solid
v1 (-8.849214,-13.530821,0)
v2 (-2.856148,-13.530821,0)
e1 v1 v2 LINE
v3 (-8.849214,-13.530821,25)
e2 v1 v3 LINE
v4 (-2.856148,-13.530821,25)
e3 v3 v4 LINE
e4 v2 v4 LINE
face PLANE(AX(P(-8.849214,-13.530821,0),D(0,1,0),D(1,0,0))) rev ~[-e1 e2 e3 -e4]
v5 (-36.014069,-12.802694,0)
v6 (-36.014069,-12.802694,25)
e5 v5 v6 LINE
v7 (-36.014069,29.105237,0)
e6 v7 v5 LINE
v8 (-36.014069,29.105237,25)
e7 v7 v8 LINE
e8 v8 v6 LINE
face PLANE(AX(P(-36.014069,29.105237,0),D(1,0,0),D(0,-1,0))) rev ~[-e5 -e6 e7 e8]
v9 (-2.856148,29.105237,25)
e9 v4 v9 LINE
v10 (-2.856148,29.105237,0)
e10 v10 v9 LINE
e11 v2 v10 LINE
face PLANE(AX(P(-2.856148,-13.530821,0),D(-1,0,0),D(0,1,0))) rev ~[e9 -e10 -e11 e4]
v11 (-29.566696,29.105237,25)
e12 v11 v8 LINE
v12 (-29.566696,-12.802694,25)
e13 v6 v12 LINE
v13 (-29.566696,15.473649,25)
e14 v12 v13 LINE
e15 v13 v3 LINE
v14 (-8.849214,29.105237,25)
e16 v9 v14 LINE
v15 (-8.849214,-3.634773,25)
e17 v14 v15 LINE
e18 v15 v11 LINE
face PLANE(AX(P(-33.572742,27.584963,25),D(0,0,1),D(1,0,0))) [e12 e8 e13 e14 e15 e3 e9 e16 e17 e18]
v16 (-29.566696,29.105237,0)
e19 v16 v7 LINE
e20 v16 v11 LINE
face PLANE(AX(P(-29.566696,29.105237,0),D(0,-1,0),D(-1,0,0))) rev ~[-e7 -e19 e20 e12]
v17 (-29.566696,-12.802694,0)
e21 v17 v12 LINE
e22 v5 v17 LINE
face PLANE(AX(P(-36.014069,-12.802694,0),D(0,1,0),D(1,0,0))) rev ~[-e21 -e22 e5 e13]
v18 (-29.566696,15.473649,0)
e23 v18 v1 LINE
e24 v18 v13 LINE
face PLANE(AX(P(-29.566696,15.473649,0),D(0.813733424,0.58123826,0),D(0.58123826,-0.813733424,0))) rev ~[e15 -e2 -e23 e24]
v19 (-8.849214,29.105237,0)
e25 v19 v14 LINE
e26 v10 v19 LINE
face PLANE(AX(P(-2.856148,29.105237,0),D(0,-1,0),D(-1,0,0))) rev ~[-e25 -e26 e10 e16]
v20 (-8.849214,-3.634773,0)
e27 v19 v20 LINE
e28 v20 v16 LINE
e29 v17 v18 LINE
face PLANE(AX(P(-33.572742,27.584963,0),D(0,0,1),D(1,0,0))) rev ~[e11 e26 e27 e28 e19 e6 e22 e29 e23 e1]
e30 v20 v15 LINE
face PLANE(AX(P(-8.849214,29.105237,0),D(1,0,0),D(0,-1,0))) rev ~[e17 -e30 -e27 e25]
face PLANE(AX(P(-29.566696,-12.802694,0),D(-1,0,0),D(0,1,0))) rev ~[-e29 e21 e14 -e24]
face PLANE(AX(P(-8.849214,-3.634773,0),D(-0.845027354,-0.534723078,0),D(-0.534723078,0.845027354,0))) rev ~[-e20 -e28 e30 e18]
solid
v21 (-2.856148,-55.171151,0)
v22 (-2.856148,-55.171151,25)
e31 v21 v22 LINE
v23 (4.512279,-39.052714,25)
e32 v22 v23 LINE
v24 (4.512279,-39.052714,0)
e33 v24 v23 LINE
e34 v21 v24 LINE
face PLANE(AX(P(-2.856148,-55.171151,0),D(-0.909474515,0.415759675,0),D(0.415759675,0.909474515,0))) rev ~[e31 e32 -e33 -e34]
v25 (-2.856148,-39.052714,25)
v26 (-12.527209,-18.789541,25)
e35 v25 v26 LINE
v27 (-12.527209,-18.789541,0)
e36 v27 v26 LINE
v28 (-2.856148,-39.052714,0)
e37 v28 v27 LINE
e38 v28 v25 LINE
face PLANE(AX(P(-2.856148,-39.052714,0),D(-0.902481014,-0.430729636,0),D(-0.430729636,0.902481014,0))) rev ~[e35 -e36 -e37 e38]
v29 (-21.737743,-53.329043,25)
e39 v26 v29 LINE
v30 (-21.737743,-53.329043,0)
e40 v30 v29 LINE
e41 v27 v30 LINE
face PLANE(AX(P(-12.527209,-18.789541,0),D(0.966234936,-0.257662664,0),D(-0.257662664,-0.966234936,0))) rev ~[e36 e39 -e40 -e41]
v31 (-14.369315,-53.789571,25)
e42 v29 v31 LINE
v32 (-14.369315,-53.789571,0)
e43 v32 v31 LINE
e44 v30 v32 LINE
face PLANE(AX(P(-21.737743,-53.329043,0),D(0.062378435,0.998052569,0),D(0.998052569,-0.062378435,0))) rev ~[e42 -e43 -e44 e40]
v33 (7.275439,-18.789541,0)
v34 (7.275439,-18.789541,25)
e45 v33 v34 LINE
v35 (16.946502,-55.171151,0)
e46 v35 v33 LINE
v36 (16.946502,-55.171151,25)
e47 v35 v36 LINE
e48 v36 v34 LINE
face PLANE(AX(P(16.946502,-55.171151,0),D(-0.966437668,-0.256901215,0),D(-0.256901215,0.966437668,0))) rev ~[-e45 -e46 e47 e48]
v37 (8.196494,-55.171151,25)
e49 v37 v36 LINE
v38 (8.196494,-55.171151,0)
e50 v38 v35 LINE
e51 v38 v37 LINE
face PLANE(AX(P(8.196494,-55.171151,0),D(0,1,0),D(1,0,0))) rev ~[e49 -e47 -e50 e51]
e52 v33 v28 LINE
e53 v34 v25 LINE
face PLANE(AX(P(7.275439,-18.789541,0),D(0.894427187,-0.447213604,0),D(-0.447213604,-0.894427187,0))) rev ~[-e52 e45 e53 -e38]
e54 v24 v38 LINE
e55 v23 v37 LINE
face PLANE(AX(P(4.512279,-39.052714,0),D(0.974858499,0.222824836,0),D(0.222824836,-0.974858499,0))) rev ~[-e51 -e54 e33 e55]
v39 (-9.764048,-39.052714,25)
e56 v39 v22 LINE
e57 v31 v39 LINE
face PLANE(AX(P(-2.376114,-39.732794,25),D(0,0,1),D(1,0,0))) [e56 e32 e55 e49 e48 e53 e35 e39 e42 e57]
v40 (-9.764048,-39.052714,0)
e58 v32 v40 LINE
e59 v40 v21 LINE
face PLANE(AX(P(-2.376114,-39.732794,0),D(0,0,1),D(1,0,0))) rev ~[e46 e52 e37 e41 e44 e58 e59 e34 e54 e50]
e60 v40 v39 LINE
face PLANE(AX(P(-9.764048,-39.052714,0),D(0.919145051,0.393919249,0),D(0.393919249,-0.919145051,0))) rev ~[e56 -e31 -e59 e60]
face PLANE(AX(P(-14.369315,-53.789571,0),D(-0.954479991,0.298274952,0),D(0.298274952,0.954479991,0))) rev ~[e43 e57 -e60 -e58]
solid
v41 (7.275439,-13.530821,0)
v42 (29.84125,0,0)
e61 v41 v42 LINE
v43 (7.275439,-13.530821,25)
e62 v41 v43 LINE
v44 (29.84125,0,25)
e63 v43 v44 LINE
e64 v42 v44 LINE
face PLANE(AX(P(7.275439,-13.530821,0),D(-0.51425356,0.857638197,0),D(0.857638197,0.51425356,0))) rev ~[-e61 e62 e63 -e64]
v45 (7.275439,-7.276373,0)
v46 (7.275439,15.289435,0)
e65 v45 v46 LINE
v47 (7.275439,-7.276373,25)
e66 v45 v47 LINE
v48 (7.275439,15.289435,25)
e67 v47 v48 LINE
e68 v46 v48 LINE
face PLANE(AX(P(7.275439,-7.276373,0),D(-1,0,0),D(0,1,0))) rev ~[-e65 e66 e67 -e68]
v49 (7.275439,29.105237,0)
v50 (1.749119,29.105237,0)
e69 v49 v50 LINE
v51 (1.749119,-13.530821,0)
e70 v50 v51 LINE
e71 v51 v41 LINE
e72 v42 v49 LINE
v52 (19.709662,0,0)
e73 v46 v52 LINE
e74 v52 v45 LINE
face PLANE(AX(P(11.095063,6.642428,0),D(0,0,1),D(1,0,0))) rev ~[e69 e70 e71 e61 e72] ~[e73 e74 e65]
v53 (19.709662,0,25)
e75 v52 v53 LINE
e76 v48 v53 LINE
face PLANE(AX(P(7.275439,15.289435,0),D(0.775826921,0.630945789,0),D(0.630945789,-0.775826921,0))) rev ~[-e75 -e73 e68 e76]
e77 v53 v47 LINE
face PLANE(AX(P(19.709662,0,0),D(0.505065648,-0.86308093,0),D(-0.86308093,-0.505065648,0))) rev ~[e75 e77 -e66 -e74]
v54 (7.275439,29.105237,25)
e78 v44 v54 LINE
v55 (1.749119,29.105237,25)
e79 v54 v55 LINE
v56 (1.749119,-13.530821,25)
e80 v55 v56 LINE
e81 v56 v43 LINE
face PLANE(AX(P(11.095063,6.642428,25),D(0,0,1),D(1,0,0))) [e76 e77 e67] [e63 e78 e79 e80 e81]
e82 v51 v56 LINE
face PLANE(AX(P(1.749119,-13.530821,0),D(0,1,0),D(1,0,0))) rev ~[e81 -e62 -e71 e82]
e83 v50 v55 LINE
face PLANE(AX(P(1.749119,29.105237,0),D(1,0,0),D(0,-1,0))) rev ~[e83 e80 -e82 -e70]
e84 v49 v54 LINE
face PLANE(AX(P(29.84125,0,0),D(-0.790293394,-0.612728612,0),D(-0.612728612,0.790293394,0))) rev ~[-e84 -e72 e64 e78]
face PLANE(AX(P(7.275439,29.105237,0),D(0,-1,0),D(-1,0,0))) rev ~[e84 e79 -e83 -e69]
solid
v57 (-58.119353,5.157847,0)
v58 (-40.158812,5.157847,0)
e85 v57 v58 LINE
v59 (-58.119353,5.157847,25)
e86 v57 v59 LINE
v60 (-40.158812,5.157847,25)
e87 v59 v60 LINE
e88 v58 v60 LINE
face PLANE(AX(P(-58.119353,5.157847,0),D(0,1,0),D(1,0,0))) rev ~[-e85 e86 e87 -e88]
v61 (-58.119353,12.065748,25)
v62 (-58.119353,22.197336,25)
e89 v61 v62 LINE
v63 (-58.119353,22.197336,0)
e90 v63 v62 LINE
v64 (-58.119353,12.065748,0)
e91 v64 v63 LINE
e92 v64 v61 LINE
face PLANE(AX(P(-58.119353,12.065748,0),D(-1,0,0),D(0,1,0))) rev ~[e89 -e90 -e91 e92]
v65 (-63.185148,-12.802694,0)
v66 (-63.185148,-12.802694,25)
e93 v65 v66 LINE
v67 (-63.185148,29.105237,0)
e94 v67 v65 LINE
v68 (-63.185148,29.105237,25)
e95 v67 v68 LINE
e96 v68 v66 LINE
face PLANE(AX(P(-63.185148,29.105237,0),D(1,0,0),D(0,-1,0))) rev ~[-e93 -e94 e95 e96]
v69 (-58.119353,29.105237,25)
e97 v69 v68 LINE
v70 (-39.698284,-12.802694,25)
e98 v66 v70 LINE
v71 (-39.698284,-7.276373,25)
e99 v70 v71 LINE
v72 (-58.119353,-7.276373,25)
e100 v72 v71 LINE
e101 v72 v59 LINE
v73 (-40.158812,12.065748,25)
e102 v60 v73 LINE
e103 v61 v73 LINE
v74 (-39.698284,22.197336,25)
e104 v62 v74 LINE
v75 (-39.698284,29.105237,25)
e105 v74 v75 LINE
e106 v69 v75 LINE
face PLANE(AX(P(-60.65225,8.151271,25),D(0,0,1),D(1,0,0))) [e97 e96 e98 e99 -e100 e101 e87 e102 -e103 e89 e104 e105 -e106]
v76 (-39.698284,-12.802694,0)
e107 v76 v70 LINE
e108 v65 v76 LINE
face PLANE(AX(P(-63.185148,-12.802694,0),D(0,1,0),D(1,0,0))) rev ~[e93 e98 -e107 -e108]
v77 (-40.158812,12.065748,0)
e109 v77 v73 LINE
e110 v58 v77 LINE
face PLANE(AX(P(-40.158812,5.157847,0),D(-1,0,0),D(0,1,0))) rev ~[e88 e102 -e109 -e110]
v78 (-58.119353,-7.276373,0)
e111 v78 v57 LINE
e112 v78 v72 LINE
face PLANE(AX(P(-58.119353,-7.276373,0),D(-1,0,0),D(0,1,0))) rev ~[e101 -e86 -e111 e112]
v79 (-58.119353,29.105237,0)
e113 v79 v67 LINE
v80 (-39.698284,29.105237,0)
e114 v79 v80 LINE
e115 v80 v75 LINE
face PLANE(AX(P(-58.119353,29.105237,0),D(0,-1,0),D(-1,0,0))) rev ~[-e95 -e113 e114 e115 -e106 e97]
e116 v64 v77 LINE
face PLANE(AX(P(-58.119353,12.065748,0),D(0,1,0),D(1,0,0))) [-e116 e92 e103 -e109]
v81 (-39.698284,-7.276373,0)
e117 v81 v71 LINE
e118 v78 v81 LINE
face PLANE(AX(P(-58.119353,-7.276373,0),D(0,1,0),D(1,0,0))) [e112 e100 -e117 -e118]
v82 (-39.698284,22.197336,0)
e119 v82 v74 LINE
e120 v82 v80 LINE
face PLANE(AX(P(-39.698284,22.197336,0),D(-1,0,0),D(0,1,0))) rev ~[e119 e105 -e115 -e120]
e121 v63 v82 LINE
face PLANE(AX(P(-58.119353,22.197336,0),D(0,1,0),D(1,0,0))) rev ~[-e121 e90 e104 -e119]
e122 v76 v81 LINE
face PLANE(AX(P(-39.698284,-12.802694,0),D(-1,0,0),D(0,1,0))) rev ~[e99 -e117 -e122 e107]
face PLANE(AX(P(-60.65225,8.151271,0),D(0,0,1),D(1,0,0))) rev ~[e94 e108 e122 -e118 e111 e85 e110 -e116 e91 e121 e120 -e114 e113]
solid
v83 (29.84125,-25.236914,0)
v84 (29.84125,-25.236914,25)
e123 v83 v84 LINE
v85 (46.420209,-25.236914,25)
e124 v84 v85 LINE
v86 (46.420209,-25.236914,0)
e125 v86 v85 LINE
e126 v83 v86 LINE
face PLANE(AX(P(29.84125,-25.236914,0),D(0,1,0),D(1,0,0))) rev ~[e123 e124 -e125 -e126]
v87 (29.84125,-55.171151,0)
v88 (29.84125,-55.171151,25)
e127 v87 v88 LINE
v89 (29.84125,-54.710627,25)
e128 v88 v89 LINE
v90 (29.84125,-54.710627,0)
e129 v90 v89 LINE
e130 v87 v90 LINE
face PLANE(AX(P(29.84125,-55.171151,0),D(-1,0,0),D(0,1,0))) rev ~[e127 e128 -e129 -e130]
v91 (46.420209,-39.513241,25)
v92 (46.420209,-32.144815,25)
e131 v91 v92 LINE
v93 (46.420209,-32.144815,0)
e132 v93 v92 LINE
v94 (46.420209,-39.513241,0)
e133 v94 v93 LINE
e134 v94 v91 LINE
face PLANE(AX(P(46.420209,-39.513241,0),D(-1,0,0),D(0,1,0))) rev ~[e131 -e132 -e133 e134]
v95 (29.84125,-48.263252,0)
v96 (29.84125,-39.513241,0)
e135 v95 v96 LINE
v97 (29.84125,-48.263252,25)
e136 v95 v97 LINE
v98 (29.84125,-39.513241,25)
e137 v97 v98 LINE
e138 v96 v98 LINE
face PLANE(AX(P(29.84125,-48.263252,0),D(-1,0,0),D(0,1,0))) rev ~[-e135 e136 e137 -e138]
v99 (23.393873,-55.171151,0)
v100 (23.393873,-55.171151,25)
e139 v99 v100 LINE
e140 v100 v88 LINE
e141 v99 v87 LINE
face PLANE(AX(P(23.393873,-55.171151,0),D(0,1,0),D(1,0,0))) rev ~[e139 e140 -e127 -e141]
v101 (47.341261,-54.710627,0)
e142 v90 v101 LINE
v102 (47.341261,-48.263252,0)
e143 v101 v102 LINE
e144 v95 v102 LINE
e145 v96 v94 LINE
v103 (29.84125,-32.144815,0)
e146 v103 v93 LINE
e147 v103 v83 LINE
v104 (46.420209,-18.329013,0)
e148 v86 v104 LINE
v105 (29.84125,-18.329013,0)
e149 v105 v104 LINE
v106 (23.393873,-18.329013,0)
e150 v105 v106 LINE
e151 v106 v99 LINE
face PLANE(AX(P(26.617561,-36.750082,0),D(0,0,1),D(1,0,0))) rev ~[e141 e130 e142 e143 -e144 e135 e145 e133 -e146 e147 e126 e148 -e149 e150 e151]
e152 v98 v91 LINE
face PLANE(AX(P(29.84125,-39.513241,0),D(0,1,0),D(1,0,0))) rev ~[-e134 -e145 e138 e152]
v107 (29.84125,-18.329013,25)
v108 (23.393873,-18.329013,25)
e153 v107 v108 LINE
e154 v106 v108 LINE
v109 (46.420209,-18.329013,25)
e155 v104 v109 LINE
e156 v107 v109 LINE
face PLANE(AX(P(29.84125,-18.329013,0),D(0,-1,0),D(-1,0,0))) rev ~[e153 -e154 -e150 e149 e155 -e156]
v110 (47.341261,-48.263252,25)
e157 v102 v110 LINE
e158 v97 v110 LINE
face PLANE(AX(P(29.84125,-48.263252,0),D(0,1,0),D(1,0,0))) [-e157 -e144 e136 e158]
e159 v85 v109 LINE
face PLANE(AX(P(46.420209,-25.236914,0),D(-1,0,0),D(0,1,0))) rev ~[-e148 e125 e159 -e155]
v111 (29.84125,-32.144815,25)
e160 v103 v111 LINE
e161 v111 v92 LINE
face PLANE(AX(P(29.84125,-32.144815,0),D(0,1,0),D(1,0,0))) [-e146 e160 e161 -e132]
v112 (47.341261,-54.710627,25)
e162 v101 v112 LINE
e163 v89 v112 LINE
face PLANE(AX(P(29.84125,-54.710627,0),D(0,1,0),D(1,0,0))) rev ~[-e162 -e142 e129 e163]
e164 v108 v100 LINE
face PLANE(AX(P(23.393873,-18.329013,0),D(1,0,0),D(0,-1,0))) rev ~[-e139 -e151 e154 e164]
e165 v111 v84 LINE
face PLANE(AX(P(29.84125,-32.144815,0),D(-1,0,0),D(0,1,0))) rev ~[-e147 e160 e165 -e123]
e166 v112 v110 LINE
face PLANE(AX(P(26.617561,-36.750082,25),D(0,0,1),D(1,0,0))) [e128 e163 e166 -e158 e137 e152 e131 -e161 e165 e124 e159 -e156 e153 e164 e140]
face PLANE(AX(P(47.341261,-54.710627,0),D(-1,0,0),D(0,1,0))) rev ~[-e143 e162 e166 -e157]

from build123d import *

# Parameters (mm, degrees)
F0_W     = 18.4210687876
F0_H     = 6.9079007953
F0_H_2   = 5.5263210088
F0_W_2   = 17.9605409503
F0_H_3   = 6.9079003297
F1_DEPTH = 25
F0_W_3   = 16.5789593011
F0_H_4   = 7.36842677
F0_W_4   = 17.5000112504
F0_H_5   = 6.4473748207


with BuildPart() as f1:
    # F0 (on Top) → F1 (new body)
    with BuildSketch(Plane.XY):
        Polygon((-58.1193529069, 29.1052367538), (-63.1851479411, 29.1052367538), (-63.1851479411, -12.8026939929), (-58.1193529069, -12.8026939929), (-58.1193529069, -7.2763729841), (-58.1193529069, 5.1578474231), (-58.1193529069, 12.0657477528), (-58.1193529069, 22.1973359585), align=None)
        with Locations((-48.9088185132, 25.6512863562)):
            Rectangle(F0_W, F0_H)
        with Locations((-48.9088185132, -10.0395334885)):
            Rectangle(F0_W, F0_H_2)
        with Locations((-49.1390824318, 8.6117975879)):
            Rectangle(F0_W_2, F0_H_3)
    extrude(amount=F1_DEPTH)


with BuildPart() as f1b:
    # F0 (on Top) → F1, piece 2 (new body)
    with BuildSketch(Plane.XY):
        Polygon((-29.5666959137, 29.1052367538), (-36.0140688717, 29.1052367538), (-36.0140688717, 24.4999695569), align=None)
        Polygon((-8.8492140264, -3.6347731935), (-29.5666959137, 29.1052367538), (-29.5666959137, 15.4736489803), (-8.8492140264, -13.5308206343), align=None)
        Polygon((-29.5666959137, 15.4736489803), (-29.5666959137, 29.1052367538), (-36.0140688717, 24.4999695569), align=None)
        Polygon((-29.5666959137, 15.4736489803), (-36.0140688717, 24.4999695569), (-36.0140688717, -12.8026939929), (-29.5666959137, -12.8026939929), align=None)
        Polygon((-8.8492140264, 29.1052367538), (-8.8492140264, -3.6347731935), (-4.536448212, -10.4502730901), (-8.8492140264, -13.5308206343), (-2.8561477084, -13.5308206343), (-2.8561477084, 29.1052367538), align=None)
        Polygon((-4.536448212, -10.4502730901), (-8.8492140264, -3.6347731935), (-8.8492140264, -13.5308206343), align=None)
    extrude(amount=F1_DEPTH)


with BuildPart() as f1c:
    # F0 (on Top) → F1, piece 3 (new body)
    with BuildSketch(Plane.XY):
        Polygon((7.2754388675, 29.1052367538), (1.7491192557, 29.1052367538), (1.7491192557, -13.5308206343), (7.2754388675, -13.5308206343), (29.8412498087, 0), align=None)
        Polygon((7.2754388675, -7.2763729841), (7.2754388675, 15.2894351631), (19.709661603, 0), align=None, mode=Mode.SUBTRACT)
    extrude(amount=F1_DEPTH)


with BuildPart() as f1d:
    # F0 (on Top) → F1, piece 4 (new body)
    with BuildSketch(Plane.XY):
        Polygon((-12.5272087753, -18.7895409763), (-21.7377431691, -53.3290430903), (-14.3693154678, -53.7895709276), (-9.7640482709, -39.0527136624), (-2.8561477084, -55.1711507142), (4.5122788288, -39.0527136624), (8.1964936107, -55.1711507142), (16.9465020299, -55.1711507142), (7.2754388675, -18.7895409763), (-2.8561477084, -39.0527136624), align=None)
    extrude(amount=F1_DEPTH)


with BuildPart() as f1e:
    # F0 (on Top) → F1, piece 5 (new body)
    with BuildSketch(Plane.XY):
        Polygon((29.8412498087, -18.329013139), (23.3938731253, -18.329013139), (23.3938731253, -55.1711507142), (29.8412498087, -55.1711507142), (29.8412498087, -54.7106266022), (29.8412498087, -48.2632517815), (29.8412498087, -39.5132414997), (29.8412498087, -32.1448147297), (29.8412498087, -25.2369139344), align=None)
        with Locations((38.1307294592, -21.7829635367)):
            Rectangle(F0_W_3, F0_H)
        with Locations((38.1307294592, -35.8290281147)):
            Rectangle(F0_W_3, F0_H_4)
        with Locations((38.5912554339, -51.4869391918)):
            Rectangle(F0_W_4, F0_H_5)
    extrude(amount=F1_DEPTH)


solid = Compound([f1.part, f1b.part, f1c.part, f1d.part, f1e.part])
